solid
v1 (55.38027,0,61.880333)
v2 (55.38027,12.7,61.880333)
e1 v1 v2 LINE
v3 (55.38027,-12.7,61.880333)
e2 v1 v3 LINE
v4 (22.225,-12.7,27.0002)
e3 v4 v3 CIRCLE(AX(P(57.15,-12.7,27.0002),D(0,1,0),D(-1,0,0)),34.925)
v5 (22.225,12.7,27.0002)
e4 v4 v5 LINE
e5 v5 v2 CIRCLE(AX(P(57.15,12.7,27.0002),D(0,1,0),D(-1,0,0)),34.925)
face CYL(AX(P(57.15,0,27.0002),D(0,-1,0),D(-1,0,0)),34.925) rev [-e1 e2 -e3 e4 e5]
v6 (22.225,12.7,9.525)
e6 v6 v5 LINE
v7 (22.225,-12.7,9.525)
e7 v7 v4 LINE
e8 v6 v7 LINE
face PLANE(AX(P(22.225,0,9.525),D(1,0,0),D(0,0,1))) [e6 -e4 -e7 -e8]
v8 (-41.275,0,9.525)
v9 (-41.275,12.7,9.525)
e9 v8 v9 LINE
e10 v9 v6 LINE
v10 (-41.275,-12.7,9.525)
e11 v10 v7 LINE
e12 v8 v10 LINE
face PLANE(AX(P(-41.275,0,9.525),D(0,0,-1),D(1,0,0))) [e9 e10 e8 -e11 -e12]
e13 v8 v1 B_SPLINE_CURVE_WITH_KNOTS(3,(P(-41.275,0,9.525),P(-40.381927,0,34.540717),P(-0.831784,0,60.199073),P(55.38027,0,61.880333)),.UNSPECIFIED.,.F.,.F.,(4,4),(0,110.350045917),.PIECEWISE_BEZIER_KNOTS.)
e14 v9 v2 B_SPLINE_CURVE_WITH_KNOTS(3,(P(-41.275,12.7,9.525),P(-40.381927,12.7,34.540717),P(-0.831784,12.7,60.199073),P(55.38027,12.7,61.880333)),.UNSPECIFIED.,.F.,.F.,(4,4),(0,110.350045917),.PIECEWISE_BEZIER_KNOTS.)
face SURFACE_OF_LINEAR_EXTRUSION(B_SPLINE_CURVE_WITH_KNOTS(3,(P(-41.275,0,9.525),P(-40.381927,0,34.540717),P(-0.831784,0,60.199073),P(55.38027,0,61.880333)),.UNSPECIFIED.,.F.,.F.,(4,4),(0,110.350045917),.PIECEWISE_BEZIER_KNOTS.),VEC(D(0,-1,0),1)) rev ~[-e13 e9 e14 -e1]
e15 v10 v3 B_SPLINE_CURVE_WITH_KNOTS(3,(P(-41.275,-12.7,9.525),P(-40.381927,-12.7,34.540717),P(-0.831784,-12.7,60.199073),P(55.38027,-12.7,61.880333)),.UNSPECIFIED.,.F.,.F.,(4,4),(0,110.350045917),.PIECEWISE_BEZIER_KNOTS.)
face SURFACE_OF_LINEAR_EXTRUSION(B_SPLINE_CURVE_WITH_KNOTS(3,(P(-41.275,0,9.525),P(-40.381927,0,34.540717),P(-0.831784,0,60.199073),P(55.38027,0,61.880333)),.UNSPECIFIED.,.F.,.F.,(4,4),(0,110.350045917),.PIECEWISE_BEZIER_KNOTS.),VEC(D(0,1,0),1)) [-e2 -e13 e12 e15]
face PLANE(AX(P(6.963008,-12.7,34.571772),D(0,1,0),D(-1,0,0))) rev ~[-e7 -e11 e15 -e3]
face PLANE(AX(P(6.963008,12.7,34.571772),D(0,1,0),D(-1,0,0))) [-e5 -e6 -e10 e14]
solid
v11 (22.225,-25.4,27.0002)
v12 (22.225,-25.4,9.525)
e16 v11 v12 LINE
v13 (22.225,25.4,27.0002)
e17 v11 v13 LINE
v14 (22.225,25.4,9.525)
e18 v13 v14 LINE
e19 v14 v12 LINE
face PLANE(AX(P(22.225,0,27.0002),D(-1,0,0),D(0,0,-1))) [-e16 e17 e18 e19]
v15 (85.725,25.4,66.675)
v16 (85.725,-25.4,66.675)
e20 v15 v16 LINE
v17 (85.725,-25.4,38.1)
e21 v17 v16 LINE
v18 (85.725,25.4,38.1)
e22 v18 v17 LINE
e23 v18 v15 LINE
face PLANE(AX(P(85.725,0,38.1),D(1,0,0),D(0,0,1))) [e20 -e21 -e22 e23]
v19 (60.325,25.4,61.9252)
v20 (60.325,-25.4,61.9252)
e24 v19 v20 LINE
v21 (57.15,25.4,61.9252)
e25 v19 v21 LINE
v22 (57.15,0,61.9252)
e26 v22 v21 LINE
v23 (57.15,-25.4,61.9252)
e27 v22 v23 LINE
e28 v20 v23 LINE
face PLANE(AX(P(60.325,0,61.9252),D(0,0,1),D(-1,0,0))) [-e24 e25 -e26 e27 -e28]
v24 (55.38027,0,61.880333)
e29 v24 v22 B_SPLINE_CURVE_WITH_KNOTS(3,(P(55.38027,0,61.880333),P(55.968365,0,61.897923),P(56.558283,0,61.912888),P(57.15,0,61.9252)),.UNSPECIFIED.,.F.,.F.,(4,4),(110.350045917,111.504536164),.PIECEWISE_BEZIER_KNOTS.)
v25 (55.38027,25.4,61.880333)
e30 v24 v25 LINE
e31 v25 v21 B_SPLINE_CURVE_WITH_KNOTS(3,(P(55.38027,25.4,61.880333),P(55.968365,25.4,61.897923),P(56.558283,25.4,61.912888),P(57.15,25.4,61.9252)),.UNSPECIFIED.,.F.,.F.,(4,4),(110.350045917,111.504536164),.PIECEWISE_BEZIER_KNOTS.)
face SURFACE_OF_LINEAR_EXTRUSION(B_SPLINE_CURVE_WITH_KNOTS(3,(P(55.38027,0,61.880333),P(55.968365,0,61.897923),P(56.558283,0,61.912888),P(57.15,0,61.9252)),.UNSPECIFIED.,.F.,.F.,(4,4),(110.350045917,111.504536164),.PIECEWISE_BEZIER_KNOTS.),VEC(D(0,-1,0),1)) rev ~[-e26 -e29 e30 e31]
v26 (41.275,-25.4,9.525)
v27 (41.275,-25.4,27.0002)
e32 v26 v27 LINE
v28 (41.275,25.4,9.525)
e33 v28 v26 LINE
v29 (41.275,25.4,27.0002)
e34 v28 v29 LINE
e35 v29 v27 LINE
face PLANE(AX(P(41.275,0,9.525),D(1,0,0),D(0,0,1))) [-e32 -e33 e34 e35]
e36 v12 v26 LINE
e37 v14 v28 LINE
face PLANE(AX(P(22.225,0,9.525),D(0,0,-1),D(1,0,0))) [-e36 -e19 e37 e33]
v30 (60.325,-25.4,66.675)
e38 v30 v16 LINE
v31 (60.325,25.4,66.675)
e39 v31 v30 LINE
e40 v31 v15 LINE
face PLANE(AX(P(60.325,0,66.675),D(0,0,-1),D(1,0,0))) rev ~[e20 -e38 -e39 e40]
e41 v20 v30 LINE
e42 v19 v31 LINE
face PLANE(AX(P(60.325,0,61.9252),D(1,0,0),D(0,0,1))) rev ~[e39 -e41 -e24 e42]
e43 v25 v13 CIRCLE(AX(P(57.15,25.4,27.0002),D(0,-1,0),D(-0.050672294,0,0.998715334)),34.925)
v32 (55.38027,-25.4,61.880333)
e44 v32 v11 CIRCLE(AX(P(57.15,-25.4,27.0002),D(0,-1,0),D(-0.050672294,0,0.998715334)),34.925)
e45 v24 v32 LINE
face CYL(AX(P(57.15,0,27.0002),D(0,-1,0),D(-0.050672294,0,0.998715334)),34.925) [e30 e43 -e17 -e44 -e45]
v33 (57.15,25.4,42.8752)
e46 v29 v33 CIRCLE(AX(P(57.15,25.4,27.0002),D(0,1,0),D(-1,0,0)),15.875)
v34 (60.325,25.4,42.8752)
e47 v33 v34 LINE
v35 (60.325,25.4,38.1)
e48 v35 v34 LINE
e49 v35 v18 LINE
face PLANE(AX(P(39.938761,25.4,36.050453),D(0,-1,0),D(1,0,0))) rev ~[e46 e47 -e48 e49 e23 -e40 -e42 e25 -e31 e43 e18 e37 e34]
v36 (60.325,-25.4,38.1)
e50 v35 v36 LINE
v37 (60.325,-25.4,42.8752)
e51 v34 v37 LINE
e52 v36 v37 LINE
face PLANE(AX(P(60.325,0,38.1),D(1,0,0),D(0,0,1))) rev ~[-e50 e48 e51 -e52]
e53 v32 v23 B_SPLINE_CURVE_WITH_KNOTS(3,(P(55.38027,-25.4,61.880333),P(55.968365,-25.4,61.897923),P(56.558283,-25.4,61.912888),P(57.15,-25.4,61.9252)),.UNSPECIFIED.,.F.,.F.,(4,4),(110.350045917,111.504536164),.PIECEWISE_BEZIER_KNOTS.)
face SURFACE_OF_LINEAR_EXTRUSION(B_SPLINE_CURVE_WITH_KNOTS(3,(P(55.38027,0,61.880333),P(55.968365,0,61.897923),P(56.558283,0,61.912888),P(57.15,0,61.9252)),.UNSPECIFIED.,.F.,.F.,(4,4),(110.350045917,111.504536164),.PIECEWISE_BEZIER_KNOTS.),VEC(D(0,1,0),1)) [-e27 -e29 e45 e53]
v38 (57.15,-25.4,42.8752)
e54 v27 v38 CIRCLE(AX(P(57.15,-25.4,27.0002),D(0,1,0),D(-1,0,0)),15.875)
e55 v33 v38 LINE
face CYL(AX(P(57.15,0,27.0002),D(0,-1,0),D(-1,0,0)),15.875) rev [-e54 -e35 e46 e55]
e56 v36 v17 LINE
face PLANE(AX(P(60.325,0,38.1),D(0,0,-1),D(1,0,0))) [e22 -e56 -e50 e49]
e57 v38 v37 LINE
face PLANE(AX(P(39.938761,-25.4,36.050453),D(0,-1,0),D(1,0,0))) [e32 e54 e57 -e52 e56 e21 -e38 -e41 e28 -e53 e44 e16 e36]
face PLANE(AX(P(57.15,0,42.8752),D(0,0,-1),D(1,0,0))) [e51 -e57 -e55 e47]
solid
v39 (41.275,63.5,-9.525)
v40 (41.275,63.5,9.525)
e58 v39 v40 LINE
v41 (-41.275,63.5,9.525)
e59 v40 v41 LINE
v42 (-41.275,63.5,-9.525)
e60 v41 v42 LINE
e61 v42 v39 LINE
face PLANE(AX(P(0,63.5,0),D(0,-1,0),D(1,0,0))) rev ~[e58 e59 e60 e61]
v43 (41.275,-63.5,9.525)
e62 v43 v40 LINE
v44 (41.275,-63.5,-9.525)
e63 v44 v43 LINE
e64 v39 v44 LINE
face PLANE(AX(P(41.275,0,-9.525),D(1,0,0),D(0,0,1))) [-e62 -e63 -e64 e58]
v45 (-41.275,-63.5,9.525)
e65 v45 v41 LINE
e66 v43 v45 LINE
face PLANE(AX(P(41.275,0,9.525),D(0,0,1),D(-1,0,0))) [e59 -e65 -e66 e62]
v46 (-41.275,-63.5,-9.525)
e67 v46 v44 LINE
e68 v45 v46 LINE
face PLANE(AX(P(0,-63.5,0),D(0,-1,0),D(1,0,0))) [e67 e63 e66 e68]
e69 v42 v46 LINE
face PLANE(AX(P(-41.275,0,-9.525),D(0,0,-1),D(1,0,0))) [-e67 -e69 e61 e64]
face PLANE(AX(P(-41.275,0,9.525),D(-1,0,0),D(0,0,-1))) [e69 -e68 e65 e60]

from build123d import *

# Parameters (mm, degrees)
F1_DEPTH = 63.5
F0_W     = 25.4
F0_H     = 4.7498
F0_H_2   = 4.7752
F0_H_3   = 19.05
F2_DEPTH = 25.4
F3_DEPTH = 12.7


with BuildPart() as f1:
    # F0 (on Front) → F1 (new body, symmetric)
    with BuildSketch(Plane.XZ):
        Polygon((22.225, 9.525), (-41.275, 9.525), (-41.275, -9.525), (41.275, -9.525), (41.275, 9.525), align=None)
    extrude(amount=F1_DEPTH, both=True)


with BuildPart() as f2:
    # F0 (on Front) → F2 (new body, symmetric)
    with BuildSketch(Plane.XZ):
        with BuildLine():
            Line((22.225, 27.0002), (22.225, 9.525))
            Line((22.225, 9.525), (41.275, 9.525))
            Line((41.275, 9.525), (41.275, 27.0002))
            ThreePointArc((41.275, 27.0002), (45.9246798487, 38.2255201513), (57.15, 42.8752))
            Line((57.15, 42.8752), (60.325, 42.8752))
            Line((60.325, 42.8752), (60.325, 61.9252))
            Line((60.325, 61.9252), (57.15, 61.9252))
            add(Edge.make_bspline(
                [(55.3802701372, 61.8803330447), (55.9683647582, 61.8979225065), (56.5582831082, 61.9128875558), (57.15, 61.9252)],
                knots=[110.3500459175, 110.3500459175, 110.3500459175, 110.3500459175, 111.5045361635, 111.5045361635, 111.5045361635, 111.5045361635], degree=3))
            ThreePointArc((55.3802701372, 61.8803330447), (31.836333331, 51.0620765846), (22.225, 27.0002))
        make_face()
        with Locations((73.025, 64.3001)):
            Rectangle(F0_W, F0_H)
        with Locations((73.025, 40.4876)):
            Rectangle(F0_W, F0_H_2)
        with Locations((73.025, 52.4002)):
            Rectangle(F0_W, F0_H_3)
    extrude(amount=F2_DEPTH, both=True)


with BuildPart() as f3:
    # F0 (on Front) → F3 (new body, symmetric)
    with BuildSketch(Plane.XZ):
        with BuildLine():
            add(Edge.make_bspline(
                [(-41.275, 9.525), (-40.3819274059, 34.5407168453), (-0.8317841869, 60.1990733472), (55.3802701372, 61.8803330447)],
                knots=[0, 0, 0, 0, 110.3500459175, 110.3500459175, 110.3500459175, 110.3500459175], degree=3))
            Line((-41.275, 9.525), (22.225, 9.525))
            Line((22.225, 9.525), (22.225, 27.0002))
            ThreePointArc((22.225, 27.0002), (31.836333331, 51.0620765846), (55.3802701372, 61.8803330447))
        make_face()
    extrude(amount=F3_DEPTH, both=True)


solid = Compound([f1.part, f2.part, f3.part])
